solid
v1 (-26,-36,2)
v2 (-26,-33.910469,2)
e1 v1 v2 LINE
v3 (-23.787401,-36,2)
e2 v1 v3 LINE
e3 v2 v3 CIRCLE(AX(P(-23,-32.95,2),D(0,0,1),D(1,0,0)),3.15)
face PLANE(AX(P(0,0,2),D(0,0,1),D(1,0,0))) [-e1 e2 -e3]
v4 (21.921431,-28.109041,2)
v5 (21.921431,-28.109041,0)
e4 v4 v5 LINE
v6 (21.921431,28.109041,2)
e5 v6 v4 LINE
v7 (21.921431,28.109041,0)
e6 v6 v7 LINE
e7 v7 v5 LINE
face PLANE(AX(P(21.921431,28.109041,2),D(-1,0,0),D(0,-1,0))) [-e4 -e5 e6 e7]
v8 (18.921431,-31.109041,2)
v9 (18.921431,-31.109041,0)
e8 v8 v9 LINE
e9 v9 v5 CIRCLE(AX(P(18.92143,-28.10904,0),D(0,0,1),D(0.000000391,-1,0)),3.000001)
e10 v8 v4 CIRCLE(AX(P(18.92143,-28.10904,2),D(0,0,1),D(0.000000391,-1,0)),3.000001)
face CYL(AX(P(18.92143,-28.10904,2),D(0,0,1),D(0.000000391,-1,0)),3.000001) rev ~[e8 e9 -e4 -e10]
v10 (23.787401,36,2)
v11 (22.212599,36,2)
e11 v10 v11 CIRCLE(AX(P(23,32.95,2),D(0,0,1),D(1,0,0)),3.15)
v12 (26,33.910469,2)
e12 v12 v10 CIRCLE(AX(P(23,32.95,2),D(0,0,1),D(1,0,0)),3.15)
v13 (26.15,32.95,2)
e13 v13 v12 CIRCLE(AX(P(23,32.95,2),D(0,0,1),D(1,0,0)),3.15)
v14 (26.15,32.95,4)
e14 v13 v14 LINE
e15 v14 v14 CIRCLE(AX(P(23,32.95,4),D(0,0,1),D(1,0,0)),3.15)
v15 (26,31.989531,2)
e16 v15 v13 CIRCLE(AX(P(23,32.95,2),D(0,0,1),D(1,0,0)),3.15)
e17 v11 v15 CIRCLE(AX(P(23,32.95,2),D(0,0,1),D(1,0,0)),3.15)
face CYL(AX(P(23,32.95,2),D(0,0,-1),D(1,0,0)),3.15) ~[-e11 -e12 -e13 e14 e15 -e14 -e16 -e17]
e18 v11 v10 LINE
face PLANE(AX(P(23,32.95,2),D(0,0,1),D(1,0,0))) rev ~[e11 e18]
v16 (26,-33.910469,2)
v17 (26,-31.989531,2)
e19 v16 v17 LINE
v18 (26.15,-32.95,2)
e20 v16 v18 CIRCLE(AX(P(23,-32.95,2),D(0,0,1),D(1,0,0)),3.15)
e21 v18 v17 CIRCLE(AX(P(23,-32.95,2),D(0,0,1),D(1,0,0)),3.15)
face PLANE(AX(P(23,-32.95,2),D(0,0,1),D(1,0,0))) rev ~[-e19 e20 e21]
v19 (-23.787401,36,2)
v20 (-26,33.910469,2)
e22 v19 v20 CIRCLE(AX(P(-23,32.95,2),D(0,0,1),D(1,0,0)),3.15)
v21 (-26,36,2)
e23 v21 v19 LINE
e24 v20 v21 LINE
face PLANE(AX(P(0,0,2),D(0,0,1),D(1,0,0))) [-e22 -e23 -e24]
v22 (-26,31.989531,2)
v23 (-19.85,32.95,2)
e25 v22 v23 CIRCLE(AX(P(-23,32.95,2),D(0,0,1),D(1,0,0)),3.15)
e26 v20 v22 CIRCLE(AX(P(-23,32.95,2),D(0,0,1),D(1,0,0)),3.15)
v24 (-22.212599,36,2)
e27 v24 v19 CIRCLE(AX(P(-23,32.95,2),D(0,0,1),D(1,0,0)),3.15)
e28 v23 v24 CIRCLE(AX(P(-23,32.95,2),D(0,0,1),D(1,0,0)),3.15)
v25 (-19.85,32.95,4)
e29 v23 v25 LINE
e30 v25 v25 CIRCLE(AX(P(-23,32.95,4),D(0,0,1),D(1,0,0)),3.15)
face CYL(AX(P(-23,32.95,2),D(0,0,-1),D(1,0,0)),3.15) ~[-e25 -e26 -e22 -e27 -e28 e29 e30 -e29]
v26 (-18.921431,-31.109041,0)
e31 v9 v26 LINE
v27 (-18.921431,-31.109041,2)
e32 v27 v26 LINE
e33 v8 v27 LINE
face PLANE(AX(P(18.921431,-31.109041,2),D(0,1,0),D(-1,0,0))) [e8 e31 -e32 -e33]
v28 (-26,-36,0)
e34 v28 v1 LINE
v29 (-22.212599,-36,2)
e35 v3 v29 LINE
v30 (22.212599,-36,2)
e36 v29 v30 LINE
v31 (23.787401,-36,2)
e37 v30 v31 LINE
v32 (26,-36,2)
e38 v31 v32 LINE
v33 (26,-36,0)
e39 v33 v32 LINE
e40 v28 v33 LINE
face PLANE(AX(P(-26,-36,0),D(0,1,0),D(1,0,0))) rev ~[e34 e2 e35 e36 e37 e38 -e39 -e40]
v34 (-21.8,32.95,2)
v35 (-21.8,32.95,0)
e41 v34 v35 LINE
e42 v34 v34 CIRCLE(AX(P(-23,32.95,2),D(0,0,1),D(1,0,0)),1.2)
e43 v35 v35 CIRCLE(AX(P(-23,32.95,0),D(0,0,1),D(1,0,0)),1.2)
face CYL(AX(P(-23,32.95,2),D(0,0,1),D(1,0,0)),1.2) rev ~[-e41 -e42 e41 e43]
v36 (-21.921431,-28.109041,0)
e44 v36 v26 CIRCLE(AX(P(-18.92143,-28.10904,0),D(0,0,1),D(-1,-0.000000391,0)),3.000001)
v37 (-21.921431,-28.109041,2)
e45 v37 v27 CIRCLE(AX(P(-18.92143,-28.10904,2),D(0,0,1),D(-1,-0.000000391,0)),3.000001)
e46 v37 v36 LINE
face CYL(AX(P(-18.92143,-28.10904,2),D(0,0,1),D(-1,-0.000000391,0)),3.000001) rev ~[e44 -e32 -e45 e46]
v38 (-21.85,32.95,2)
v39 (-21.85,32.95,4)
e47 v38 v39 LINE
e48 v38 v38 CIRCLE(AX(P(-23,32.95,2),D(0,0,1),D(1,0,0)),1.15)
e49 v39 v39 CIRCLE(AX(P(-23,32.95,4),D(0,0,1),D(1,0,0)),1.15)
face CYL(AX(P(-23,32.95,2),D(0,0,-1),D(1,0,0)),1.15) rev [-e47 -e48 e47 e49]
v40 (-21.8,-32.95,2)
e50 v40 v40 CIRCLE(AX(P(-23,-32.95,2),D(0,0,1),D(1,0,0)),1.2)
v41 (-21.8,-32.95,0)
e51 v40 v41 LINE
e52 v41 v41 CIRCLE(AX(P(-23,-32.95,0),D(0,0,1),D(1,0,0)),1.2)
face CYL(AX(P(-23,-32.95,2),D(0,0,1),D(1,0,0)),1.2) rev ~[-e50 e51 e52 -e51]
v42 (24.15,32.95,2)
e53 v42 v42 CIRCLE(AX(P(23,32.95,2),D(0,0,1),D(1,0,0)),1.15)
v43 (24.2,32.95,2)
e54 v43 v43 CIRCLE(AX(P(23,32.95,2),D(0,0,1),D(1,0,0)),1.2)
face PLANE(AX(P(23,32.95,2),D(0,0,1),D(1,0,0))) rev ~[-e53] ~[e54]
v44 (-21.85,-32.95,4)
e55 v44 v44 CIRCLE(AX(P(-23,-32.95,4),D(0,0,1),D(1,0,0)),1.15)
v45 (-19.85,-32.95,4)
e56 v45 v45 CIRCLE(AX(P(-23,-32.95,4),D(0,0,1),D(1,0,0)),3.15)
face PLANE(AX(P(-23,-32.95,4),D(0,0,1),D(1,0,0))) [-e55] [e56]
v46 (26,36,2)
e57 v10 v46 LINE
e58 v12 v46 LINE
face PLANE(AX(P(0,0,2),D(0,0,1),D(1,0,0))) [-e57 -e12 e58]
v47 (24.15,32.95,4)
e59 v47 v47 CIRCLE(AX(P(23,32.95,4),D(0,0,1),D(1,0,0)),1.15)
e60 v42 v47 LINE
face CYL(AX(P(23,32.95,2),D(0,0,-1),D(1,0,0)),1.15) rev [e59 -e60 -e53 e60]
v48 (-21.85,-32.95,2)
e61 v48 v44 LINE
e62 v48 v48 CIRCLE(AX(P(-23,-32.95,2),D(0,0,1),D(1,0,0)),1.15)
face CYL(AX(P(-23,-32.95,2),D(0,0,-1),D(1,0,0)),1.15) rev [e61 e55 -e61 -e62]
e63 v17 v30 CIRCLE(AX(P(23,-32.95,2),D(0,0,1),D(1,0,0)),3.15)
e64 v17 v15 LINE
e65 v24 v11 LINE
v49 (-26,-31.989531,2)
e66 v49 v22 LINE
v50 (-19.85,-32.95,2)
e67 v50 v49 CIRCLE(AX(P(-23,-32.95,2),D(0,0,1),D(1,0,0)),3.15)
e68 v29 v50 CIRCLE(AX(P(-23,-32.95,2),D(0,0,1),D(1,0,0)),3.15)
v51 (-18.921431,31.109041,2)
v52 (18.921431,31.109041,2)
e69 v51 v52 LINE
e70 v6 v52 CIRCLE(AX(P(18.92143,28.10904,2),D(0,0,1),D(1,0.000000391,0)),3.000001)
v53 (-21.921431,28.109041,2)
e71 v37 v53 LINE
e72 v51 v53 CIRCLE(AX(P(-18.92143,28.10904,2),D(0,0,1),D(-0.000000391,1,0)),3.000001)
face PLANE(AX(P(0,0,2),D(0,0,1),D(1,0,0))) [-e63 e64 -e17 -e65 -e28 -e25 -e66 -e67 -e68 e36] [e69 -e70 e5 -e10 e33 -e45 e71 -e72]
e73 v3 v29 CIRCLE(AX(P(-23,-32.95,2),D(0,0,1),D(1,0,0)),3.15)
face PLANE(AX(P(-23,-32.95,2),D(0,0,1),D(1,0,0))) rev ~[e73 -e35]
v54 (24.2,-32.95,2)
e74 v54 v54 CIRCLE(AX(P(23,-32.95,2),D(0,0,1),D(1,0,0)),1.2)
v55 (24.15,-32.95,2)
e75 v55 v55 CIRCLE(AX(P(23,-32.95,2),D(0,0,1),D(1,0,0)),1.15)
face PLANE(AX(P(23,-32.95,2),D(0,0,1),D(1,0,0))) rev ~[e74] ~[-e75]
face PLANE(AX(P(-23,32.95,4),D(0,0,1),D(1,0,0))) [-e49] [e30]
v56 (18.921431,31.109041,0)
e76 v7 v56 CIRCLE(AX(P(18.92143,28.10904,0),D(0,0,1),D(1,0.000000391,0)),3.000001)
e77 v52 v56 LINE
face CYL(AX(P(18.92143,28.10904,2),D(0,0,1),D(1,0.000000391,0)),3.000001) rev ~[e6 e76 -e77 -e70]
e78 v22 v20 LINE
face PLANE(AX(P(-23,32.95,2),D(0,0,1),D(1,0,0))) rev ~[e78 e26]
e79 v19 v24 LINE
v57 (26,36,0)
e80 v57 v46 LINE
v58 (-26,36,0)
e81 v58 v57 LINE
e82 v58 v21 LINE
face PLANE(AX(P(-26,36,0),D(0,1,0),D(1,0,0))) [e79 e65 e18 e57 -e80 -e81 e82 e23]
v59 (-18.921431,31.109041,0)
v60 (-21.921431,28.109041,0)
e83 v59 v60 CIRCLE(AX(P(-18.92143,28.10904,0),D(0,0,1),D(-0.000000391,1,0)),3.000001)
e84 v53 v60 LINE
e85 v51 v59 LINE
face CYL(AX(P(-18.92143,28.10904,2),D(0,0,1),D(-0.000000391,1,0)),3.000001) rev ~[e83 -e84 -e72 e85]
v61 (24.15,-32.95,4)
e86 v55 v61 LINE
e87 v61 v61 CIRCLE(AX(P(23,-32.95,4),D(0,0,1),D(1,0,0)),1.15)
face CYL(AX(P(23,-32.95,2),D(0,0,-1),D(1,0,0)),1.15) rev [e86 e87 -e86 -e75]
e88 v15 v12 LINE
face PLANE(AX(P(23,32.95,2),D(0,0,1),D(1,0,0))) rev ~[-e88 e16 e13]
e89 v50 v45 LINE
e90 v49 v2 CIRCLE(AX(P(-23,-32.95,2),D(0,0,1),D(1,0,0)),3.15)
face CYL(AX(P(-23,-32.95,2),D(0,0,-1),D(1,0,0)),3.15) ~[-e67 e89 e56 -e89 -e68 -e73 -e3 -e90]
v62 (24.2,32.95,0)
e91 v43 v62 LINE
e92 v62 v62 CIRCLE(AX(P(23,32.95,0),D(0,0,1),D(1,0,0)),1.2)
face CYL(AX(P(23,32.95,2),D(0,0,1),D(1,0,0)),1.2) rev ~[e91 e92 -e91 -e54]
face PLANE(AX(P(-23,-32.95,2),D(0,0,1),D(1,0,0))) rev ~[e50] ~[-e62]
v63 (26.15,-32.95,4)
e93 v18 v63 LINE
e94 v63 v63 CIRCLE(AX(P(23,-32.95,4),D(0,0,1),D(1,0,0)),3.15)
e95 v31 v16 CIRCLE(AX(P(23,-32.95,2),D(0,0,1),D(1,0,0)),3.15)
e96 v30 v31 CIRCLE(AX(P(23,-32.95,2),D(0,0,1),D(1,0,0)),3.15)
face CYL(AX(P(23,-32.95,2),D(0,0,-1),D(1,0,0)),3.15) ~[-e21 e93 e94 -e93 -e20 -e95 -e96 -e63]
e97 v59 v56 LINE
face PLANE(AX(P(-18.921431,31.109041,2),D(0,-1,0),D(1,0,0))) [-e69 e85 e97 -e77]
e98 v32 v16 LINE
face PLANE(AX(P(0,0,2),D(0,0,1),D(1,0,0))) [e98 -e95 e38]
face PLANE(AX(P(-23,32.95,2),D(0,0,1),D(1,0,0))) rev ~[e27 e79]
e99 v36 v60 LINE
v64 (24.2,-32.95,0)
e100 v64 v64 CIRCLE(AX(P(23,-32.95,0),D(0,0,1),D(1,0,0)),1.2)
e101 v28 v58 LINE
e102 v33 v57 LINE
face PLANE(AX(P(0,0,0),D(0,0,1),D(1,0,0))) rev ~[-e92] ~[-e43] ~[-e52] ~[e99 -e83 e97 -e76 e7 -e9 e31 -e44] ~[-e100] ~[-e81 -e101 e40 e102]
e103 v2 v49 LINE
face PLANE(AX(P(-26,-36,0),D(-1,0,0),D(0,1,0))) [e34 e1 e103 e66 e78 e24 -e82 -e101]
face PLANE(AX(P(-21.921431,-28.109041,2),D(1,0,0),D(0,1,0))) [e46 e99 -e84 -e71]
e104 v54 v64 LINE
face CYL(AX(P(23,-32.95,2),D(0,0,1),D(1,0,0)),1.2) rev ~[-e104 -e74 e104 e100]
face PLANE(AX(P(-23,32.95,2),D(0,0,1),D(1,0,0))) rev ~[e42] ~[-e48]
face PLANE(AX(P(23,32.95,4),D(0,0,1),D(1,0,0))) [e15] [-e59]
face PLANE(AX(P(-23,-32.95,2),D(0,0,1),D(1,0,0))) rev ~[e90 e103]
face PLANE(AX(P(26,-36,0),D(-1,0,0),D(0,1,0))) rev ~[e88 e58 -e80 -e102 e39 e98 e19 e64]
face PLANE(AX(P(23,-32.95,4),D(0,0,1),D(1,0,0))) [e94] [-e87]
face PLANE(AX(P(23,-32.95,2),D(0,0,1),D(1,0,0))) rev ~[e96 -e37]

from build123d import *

# Parameters (mm, degrees)
SKETCH_W        = 52
SKETCH_H        = 72
PAD_DEPTH       = 2
SKETCH001_R     = 1.2
POCKET_DEPTH    = 5
SKETCH002_R     = 3.15
SKETCH002_R_2   = 1.15
PAD001_DEPTH    = 2
POCKET001_DEPTH = 5


with BuildPart() as part:
    # Sketch → Pad (new body)
    with BuildSketch(Plane.XY):
        Rectangle(SKETCH_W, SKETCH_H)
    extrude(amount=PAD_DEPTH)

    # Sketch001 (on Face6 of Pad) → Pocket (cut)
    with BuildSketch(Plane.XY.offset(2)):
        with Locations((-23, 32.95)):
            Circle(SKETCH001_R)
        with Locations((23, 32.95)):
            Circle(SKETCH001_R)
        with Locations((-23, -32.95)):
            Circle(SKETCH001_R)
        with Locations((23, -32.95)):
            Circle(SKETCH001_R)
    extrude(amount=-POCKET_DEPTH, mode=Mode.SUBTRACT)

    # Sketch002 (on Face5 of Pocket) → Pad001 (join)
    with BuildSketch(Plane.XY.offset(2)):
        with Locations((-23, 32.95)):
            Circle(SKETCH002_R)
        with Locations((-23, 32.95)):
            Circle(SKETCH002_R_2, mode=Mode.SUBTRACT)
        with Locations((23, 32.95)):
            Circle(SKETCH002_R)
        with Locations((23, 32.95)):
            Circle(SKETCH002_R_2, mode=Mode.SUBTRACT)
        with Locations((-23, -32.95)):
            Circle(SKETCH002_R)
        with Locations((-23, -32.95)):
            Circle(SKETCH002_R_2, mode=Mode.SUBTRACT)
        with Locations((23, -32.95)):
            Circle(SKETCH002_R)
        with Locations((23, -32.95)):
            Circle(SKETCH002_R_2, mode=Mode.SUBTRACT)
    extrude(amount=PAD001_DEPTH)

    # Sketch003 (on Face5 of Pad001) → Pocket001 (cut)
    with BuildSketch(Plane.XY.offset(2)):
        with BuildLine():
            Line((-18.921431, 31.109041), (18.921431, 31.109041))
            ThreePointArc((21.921431, 28.109041), (21.042751, 30.230361), (18.921431, 31.109041))
            Line((21.921431, 28.109041), (21.921431, -28.109041))
            ThreePointArc((18.921431, -31.109041), (21.042751, -30.230361), (21.921431, -28.109041))
            Line((18.921431, -31.109041), (-18.921431, -31.109041))
            ThreePointArc((-21.921431, -28.109041), (-21.042751, -30.230361), (-18.921431, -31.109041))
            Line((-21.921431, -28.109041), (-21.921431, 28.109041))
            ThreePointArc((-18.921431, 31.109041), (-21.042751, 30.230361), (-21.921431, 28.109041))
        make_face()
    extrude(amount=-POCKET001_DEPTH, mode=Mode.SUBTRACT)


solid = part.part
